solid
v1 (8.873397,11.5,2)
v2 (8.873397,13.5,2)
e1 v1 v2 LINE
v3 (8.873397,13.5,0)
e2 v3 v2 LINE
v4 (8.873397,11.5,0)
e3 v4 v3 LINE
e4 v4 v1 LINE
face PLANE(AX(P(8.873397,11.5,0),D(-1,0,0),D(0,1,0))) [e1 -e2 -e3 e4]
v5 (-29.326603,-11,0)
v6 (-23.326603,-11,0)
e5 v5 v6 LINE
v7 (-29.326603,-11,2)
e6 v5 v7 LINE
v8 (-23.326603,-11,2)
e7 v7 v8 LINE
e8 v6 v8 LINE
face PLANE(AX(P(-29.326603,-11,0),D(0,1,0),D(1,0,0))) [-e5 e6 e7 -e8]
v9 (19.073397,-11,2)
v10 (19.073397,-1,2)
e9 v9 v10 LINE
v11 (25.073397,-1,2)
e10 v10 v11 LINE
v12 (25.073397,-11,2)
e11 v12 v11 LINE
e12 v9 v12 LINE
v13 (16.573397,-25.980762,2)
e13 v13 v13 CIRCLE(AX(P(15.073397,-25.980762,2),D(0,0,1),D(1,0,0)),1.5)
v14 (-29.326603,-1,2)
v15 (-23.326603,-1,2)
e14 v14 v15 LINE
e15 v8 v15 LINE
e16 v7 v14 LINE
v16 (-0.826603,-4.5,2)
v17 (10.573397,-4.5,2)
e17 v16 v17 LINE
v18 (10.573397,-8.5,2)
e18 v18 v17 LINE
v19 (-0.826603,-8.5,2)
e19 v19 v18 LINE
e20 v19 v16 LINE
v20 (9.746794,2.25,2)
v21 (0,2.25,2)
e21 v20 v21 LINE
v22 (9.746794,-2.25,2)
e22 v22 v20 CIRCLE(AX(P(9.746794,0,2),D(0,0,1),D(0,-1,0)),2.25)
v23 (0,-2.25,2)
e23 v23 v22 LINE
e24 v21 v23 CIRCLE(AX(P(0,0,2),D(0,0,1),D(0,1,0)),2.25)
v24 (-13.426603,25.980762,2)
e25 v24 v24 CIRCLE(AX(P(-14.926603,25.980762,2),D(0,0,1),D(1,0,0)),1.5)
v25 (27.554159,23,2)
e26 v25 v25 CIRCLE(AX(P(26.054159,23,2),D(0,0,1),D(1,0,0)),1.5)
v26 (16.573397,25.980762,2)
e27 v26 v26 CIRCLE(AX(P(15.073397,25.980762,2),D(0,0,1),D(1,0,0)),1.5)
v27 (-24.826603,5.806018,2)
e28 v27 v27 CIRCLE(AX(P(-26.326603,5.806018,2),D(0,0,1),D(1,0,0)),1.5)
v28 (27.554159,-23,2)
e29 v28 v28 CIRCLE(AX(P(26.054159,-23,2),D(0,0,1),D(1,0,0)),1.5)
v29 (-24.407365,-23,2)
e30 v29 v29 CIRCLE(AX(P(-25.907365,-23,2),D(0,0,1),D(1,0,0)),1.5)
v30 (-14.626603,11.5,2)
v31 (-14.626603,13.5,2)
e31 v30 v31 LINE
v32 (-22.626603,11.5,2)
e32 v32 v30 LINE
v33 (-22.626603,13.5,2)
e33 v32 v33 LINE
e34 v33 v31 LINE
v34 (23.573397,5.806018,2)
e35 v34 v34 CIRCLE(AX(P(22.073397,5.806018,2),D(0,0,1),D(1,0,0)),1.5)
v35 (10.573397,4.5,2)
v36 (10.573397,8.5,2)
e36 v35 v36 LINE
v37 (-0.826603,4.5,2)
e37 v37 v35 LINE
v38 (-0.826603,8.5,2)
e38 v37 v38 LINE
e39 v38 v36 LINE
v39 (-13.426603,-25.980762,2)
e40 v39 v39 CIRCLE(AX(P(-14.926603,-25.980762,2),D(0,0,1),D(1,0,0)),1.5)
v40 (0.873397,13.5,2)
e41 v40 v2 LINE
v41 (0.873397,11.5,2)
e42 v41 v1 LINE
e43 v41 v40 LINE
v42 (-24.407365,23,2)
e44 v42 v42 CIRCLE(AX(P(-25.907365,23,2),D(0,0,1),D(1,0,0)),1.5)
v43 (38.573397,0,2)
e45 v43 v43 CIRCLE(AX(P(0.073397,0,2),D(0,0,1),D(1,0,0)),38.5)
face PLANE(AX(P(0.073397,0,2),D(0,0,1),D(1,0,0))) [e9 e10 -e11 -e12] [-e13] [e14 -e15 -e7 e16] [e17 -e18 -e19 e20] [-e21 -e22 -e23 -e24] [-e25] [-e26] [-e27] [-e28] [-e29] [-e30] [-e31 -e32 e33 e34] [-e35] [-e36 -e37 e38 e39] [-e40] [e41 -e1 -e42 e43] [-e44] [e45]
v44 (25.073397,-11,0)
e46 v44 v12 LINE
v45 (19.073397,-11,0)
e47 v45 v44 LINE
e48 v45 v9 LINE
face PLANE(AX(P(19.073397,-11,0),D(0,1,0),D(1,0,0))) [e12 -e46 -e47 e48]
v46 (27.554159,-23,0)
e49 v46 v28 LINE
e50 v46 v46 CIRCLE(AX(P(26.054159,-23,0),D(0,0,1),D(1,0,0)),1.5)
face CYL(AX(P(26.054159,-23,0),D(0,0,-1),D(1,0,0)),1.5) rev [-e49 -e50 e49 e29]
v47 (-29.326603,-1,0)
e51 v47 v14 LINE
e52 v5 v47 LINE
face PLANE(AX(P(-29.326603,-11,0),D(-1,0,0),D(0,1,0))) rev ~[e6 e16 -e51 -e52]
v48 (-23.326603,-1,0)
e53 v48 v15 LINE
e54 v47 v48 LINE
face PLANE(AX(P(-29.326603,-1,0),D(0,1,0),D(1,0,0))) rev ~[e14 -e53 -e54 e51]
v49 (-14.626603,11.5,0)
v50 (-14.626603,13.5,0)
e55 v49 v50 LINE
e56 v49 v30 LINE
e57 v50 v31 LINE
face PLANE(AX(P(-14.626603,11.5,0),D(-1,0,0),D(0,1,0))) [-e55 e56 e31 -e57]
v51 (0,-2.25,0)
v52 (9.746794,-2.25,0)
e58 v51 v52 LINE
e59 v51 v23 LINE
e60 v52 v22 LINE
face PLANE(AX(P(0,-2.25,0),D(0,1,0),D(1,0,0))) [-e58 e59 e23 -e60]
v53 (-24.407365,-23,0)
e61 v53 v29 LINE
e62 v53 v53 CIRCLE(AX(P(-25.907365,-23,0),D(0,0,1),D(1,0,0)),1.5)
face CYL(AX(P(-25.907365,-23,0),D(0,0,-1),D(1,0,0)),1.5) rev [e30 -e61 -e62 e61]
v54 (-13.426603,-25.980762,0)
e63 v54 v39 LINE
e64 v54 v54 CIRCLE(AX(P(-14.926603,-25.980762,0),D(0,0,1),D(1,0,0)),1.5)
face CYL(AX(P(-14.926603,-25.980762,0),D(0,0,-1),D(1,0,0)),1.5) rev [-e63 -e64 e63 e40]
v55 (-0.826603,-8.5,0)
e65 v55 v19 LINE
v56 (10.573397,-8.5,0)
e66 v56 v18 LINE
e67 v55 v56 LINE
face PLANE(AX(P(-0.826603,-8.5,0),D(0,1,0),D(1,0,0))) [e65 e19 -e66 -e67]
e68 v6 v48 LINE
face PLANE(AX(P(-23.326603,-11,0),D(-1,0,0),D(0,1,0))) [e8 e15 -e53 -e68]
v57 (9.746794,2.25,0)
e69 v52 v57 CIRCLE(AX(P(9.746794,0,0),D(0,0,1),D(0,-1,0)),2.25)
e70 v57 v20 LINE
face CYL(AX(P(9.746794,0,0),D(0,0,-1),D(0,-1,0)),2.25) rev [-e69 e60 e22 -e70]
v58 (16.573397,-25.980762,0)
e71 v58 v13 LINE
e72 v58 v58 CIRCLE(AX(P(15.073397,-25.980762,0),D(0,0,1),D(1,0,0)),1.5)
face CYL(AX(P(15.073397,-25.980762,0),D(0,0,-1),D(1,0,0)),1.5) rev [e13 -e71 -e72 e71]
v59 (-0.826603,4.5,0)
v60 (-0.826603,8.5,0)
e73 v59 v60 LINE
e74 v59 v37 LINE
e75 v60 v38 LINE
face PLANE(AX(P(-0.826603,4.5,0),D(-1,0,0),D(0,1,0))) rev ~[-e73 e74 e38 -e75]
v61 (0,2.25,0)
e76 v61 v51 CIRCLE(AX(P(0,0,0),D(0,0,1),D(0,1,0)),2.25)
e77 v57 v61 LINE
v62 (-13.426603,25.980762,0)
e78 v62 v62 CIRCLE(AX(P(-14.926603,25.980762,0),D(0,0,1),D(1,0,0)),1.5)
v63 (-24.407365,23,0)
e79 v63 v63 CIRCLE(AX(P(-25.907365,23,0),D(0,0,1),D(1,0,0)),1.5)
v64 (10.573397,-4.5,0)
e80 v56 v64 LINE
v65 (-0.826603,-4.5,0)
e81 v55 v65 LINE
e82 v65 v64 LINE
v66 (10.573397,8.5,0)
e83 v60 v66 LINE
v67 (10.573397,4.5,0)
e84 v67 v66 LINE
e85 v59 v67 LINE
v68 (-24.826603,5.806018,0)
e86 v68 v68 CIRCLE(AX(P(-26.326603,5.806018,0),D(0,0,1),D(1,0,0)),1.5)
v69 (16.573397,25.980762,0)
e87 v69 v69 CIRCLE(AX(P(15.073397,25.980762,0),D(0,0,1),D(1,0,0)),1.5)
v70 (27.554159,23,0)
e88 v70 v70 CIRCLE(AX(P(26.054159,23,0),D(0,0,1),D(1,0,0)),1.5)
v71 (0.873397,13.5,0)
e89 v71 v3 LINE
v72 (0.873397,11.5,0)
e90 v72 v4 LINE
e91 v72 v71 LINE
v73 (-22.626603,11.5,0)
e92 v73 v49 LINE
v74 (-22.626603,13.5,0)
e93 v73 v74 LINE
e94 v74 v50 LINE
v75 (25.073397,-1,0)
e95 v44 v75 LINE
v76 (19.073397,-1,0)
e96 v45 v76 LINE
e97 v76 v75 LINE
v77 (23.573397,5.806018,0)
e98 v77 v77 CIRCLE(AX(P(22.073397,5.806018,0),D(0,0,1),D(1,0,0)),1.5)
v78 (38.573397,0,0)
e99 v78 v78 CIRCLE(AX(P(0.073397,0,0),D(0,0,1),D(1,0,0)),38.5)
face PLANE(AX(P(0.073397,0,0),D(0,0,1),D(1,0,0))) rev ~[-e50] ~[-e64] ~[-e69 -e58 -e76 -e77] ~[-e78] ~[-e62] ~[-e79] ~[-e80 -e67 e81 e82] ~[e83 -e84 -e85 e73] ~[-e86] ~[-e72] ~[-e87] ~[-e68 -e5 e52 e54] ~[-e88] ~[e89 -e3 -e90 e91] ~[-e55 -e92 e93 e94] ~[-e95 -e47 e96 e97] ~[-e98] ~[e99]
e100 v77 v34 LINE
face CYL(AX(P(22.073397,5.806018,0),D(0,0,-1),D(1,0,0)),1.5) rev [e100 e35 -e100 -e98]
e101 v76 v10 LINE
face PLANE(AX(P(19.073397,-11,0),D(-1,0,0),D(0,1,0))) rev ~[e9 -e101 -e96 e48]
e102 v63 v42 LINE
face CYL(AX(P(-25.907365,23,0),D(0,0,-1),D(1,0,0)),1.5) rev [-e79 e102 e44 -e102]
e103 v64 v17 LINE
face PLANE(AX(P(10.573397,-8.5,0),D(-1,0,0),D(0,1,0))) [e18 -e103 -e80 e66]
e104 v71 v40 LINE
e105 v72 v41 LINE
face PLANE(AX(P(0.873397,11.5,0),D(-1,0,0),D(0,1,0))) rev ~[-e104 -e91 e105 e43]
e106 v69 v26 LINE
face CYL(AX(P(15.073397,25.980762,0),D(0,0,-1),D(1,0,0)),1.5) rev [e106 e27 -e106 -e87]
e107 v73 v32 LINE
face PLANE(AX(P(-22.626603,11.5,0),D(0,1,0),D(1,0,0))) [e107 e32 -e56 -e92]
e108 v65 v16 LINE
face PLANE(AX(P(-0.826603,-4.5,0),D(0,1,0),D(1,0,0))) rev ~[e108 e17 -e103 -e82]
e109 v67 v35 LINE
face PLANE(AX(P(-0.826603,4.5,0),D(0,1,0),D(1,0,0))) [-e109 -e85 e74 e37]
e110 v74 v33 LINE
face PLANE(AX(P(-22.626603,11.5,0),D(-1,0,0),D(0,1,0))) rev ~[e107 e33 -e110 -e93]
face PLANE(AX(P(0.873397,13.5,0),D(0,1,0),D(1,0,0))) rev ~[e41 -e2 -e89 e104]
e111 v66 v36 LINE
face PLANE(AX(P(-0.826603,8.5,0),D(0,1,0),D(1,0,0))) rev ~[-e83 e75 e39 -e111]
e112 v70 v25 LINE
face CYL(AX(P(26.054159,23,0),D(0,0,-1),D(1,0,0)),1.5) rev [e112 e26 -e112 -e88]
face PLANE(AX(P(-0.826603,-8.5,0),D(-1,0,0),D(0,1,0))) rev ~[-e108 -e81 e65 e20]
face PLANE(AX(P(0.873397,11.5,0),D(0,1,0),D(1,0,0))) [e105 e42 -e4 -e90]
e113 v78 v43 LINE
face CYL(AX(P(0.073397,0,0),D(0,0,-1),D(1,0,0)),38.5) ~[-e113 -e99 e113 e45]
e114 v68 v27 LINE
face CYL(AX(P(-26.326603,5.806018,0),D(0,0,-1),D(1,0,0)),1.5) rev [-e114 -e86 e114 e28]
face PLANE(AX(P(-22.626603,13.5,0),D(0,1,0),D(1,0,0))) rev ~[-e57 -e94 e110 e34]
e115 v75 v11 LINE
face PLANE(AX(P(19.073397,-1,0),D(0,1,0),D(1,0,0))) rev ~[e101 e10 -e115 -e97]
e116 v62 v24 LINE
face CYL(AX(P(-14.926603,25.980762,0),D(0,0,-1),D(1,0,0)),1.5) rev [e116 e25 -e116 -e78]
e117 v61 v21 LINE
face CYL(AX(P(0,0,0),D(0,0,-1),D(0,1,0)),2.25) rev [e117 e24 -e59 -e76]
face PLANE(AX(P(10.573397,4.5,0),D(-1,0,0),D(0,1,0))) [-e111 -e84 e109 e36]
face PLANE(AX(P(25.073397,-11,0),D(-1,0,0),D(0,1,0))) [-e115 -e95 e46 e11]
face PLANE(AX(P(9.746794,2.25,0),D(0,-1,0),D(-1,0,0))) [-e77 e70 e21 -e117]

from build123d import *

# Parameters (mm, degrees)
MODEL_R             = 38.5
MODEL_R_2           = 1.5
MODEL_W             = 8
MODEL_H             = 2
MODEL_W_2           = 11.4
MODEL_H_2           = 4
MODEL_W_3           = 6
MODEL_H_3           = 10
BOSS_EXTRUDE1_DEPTH = 2


with BuildPart() as part:
    # Model → Boss-Extrude1 (new body)
    with BuildSketch(Plane.XY):
        with Locations((0.073397172, 0)):
            Circle(MODEL_R)
        with Locations((-14.926602828, -25.980762114)):
            Circle(MODEL_R_2, mode=Mode.SUBTRACT)
        with Locations((-14.926602828, 25.980762114)):
            Circle(MODEL_R_2, mode=Mode.SUBTRACT)
        with Locations((15.073397172, 25.980762114)):
            Circle(MODEL_R_2, mode=Mode.SUBTRACT)
        with Locations((15.073397172, -25.980762114)):
            Circle(MODEL_R_2, mode=Mode.SUBTRACT)
        with Locations((-26.326602828, 5.806018336)):
            Circle(MODEL_R_2, mode=Mode.SUBTRACT)
        with Locations((22.073397172, 5.806018336)):
            Circle(MODEL_R_2, mode=Mode.SUBTRACT)
        with Locations((26.054159286, -23)):
            Circle(MODEL_R_2, mode=Mode.SUBTRACT)
        with Locations((-25.907364941, -23)):
            Circle(MODEL_R_2, mode=Mode.SUBTRACT)
        with Locations((26.054159286, 23)):
            Circle(MODEL_R_2, mode=Mode.SUBTRACT)
        with Locations((-25.907364941, 23)):
            Circle(MODEL_R_2, mode=Mode.SUBTRACT)
        with Locations((-18.626602828, 12.5)):
            Rectangle(MODEL_W, MODEL_H, mode=Mode.SUBTRACT)
        with Locations((4.873397172, 12.5)):
            Rectangle(MODEL_W, MODEL_H, mode=Mode.SUBTRACT)
        with Locations((4.873397172, -6.5)):
            Rectangle(MODEL_W_2, MODEL_H_2, mode=Mode.SUBTRACT)
        with Locations((4.873397172, 6.5)):
            Rectangle(MODEL_W_2, MODEL_H_2, mode=Mode.SUBTRACT)
        with BuildLine():
            Line((0, -2.25), (9.746794345, -2.25))
            ThreePointArc((9.746794345, -2.25), (11.996794345, 0), (9.746794345, 2.25))
            Line((9.746794345, 2.25), (0, 2.25))
            ThreePointArc((0, 2.25), (-2.25, 0), (0, -2.25))
        make_face(mode=Mode.SUBTRACT)
        with Locations((-26.326602828, -6)):
            Rectangle(MODEL_W_3, MODEL_H_3, mode=Mode.SUBTRACT)
        with Locations((22.073397172, -6)):
            Rectangle(MODEL_W_3, MODEL_H_3, mode=Mode.SUBTRACT)
    extrude(amount=BOSS_EXTRUDE1_DEPTH)


solid = part.part
